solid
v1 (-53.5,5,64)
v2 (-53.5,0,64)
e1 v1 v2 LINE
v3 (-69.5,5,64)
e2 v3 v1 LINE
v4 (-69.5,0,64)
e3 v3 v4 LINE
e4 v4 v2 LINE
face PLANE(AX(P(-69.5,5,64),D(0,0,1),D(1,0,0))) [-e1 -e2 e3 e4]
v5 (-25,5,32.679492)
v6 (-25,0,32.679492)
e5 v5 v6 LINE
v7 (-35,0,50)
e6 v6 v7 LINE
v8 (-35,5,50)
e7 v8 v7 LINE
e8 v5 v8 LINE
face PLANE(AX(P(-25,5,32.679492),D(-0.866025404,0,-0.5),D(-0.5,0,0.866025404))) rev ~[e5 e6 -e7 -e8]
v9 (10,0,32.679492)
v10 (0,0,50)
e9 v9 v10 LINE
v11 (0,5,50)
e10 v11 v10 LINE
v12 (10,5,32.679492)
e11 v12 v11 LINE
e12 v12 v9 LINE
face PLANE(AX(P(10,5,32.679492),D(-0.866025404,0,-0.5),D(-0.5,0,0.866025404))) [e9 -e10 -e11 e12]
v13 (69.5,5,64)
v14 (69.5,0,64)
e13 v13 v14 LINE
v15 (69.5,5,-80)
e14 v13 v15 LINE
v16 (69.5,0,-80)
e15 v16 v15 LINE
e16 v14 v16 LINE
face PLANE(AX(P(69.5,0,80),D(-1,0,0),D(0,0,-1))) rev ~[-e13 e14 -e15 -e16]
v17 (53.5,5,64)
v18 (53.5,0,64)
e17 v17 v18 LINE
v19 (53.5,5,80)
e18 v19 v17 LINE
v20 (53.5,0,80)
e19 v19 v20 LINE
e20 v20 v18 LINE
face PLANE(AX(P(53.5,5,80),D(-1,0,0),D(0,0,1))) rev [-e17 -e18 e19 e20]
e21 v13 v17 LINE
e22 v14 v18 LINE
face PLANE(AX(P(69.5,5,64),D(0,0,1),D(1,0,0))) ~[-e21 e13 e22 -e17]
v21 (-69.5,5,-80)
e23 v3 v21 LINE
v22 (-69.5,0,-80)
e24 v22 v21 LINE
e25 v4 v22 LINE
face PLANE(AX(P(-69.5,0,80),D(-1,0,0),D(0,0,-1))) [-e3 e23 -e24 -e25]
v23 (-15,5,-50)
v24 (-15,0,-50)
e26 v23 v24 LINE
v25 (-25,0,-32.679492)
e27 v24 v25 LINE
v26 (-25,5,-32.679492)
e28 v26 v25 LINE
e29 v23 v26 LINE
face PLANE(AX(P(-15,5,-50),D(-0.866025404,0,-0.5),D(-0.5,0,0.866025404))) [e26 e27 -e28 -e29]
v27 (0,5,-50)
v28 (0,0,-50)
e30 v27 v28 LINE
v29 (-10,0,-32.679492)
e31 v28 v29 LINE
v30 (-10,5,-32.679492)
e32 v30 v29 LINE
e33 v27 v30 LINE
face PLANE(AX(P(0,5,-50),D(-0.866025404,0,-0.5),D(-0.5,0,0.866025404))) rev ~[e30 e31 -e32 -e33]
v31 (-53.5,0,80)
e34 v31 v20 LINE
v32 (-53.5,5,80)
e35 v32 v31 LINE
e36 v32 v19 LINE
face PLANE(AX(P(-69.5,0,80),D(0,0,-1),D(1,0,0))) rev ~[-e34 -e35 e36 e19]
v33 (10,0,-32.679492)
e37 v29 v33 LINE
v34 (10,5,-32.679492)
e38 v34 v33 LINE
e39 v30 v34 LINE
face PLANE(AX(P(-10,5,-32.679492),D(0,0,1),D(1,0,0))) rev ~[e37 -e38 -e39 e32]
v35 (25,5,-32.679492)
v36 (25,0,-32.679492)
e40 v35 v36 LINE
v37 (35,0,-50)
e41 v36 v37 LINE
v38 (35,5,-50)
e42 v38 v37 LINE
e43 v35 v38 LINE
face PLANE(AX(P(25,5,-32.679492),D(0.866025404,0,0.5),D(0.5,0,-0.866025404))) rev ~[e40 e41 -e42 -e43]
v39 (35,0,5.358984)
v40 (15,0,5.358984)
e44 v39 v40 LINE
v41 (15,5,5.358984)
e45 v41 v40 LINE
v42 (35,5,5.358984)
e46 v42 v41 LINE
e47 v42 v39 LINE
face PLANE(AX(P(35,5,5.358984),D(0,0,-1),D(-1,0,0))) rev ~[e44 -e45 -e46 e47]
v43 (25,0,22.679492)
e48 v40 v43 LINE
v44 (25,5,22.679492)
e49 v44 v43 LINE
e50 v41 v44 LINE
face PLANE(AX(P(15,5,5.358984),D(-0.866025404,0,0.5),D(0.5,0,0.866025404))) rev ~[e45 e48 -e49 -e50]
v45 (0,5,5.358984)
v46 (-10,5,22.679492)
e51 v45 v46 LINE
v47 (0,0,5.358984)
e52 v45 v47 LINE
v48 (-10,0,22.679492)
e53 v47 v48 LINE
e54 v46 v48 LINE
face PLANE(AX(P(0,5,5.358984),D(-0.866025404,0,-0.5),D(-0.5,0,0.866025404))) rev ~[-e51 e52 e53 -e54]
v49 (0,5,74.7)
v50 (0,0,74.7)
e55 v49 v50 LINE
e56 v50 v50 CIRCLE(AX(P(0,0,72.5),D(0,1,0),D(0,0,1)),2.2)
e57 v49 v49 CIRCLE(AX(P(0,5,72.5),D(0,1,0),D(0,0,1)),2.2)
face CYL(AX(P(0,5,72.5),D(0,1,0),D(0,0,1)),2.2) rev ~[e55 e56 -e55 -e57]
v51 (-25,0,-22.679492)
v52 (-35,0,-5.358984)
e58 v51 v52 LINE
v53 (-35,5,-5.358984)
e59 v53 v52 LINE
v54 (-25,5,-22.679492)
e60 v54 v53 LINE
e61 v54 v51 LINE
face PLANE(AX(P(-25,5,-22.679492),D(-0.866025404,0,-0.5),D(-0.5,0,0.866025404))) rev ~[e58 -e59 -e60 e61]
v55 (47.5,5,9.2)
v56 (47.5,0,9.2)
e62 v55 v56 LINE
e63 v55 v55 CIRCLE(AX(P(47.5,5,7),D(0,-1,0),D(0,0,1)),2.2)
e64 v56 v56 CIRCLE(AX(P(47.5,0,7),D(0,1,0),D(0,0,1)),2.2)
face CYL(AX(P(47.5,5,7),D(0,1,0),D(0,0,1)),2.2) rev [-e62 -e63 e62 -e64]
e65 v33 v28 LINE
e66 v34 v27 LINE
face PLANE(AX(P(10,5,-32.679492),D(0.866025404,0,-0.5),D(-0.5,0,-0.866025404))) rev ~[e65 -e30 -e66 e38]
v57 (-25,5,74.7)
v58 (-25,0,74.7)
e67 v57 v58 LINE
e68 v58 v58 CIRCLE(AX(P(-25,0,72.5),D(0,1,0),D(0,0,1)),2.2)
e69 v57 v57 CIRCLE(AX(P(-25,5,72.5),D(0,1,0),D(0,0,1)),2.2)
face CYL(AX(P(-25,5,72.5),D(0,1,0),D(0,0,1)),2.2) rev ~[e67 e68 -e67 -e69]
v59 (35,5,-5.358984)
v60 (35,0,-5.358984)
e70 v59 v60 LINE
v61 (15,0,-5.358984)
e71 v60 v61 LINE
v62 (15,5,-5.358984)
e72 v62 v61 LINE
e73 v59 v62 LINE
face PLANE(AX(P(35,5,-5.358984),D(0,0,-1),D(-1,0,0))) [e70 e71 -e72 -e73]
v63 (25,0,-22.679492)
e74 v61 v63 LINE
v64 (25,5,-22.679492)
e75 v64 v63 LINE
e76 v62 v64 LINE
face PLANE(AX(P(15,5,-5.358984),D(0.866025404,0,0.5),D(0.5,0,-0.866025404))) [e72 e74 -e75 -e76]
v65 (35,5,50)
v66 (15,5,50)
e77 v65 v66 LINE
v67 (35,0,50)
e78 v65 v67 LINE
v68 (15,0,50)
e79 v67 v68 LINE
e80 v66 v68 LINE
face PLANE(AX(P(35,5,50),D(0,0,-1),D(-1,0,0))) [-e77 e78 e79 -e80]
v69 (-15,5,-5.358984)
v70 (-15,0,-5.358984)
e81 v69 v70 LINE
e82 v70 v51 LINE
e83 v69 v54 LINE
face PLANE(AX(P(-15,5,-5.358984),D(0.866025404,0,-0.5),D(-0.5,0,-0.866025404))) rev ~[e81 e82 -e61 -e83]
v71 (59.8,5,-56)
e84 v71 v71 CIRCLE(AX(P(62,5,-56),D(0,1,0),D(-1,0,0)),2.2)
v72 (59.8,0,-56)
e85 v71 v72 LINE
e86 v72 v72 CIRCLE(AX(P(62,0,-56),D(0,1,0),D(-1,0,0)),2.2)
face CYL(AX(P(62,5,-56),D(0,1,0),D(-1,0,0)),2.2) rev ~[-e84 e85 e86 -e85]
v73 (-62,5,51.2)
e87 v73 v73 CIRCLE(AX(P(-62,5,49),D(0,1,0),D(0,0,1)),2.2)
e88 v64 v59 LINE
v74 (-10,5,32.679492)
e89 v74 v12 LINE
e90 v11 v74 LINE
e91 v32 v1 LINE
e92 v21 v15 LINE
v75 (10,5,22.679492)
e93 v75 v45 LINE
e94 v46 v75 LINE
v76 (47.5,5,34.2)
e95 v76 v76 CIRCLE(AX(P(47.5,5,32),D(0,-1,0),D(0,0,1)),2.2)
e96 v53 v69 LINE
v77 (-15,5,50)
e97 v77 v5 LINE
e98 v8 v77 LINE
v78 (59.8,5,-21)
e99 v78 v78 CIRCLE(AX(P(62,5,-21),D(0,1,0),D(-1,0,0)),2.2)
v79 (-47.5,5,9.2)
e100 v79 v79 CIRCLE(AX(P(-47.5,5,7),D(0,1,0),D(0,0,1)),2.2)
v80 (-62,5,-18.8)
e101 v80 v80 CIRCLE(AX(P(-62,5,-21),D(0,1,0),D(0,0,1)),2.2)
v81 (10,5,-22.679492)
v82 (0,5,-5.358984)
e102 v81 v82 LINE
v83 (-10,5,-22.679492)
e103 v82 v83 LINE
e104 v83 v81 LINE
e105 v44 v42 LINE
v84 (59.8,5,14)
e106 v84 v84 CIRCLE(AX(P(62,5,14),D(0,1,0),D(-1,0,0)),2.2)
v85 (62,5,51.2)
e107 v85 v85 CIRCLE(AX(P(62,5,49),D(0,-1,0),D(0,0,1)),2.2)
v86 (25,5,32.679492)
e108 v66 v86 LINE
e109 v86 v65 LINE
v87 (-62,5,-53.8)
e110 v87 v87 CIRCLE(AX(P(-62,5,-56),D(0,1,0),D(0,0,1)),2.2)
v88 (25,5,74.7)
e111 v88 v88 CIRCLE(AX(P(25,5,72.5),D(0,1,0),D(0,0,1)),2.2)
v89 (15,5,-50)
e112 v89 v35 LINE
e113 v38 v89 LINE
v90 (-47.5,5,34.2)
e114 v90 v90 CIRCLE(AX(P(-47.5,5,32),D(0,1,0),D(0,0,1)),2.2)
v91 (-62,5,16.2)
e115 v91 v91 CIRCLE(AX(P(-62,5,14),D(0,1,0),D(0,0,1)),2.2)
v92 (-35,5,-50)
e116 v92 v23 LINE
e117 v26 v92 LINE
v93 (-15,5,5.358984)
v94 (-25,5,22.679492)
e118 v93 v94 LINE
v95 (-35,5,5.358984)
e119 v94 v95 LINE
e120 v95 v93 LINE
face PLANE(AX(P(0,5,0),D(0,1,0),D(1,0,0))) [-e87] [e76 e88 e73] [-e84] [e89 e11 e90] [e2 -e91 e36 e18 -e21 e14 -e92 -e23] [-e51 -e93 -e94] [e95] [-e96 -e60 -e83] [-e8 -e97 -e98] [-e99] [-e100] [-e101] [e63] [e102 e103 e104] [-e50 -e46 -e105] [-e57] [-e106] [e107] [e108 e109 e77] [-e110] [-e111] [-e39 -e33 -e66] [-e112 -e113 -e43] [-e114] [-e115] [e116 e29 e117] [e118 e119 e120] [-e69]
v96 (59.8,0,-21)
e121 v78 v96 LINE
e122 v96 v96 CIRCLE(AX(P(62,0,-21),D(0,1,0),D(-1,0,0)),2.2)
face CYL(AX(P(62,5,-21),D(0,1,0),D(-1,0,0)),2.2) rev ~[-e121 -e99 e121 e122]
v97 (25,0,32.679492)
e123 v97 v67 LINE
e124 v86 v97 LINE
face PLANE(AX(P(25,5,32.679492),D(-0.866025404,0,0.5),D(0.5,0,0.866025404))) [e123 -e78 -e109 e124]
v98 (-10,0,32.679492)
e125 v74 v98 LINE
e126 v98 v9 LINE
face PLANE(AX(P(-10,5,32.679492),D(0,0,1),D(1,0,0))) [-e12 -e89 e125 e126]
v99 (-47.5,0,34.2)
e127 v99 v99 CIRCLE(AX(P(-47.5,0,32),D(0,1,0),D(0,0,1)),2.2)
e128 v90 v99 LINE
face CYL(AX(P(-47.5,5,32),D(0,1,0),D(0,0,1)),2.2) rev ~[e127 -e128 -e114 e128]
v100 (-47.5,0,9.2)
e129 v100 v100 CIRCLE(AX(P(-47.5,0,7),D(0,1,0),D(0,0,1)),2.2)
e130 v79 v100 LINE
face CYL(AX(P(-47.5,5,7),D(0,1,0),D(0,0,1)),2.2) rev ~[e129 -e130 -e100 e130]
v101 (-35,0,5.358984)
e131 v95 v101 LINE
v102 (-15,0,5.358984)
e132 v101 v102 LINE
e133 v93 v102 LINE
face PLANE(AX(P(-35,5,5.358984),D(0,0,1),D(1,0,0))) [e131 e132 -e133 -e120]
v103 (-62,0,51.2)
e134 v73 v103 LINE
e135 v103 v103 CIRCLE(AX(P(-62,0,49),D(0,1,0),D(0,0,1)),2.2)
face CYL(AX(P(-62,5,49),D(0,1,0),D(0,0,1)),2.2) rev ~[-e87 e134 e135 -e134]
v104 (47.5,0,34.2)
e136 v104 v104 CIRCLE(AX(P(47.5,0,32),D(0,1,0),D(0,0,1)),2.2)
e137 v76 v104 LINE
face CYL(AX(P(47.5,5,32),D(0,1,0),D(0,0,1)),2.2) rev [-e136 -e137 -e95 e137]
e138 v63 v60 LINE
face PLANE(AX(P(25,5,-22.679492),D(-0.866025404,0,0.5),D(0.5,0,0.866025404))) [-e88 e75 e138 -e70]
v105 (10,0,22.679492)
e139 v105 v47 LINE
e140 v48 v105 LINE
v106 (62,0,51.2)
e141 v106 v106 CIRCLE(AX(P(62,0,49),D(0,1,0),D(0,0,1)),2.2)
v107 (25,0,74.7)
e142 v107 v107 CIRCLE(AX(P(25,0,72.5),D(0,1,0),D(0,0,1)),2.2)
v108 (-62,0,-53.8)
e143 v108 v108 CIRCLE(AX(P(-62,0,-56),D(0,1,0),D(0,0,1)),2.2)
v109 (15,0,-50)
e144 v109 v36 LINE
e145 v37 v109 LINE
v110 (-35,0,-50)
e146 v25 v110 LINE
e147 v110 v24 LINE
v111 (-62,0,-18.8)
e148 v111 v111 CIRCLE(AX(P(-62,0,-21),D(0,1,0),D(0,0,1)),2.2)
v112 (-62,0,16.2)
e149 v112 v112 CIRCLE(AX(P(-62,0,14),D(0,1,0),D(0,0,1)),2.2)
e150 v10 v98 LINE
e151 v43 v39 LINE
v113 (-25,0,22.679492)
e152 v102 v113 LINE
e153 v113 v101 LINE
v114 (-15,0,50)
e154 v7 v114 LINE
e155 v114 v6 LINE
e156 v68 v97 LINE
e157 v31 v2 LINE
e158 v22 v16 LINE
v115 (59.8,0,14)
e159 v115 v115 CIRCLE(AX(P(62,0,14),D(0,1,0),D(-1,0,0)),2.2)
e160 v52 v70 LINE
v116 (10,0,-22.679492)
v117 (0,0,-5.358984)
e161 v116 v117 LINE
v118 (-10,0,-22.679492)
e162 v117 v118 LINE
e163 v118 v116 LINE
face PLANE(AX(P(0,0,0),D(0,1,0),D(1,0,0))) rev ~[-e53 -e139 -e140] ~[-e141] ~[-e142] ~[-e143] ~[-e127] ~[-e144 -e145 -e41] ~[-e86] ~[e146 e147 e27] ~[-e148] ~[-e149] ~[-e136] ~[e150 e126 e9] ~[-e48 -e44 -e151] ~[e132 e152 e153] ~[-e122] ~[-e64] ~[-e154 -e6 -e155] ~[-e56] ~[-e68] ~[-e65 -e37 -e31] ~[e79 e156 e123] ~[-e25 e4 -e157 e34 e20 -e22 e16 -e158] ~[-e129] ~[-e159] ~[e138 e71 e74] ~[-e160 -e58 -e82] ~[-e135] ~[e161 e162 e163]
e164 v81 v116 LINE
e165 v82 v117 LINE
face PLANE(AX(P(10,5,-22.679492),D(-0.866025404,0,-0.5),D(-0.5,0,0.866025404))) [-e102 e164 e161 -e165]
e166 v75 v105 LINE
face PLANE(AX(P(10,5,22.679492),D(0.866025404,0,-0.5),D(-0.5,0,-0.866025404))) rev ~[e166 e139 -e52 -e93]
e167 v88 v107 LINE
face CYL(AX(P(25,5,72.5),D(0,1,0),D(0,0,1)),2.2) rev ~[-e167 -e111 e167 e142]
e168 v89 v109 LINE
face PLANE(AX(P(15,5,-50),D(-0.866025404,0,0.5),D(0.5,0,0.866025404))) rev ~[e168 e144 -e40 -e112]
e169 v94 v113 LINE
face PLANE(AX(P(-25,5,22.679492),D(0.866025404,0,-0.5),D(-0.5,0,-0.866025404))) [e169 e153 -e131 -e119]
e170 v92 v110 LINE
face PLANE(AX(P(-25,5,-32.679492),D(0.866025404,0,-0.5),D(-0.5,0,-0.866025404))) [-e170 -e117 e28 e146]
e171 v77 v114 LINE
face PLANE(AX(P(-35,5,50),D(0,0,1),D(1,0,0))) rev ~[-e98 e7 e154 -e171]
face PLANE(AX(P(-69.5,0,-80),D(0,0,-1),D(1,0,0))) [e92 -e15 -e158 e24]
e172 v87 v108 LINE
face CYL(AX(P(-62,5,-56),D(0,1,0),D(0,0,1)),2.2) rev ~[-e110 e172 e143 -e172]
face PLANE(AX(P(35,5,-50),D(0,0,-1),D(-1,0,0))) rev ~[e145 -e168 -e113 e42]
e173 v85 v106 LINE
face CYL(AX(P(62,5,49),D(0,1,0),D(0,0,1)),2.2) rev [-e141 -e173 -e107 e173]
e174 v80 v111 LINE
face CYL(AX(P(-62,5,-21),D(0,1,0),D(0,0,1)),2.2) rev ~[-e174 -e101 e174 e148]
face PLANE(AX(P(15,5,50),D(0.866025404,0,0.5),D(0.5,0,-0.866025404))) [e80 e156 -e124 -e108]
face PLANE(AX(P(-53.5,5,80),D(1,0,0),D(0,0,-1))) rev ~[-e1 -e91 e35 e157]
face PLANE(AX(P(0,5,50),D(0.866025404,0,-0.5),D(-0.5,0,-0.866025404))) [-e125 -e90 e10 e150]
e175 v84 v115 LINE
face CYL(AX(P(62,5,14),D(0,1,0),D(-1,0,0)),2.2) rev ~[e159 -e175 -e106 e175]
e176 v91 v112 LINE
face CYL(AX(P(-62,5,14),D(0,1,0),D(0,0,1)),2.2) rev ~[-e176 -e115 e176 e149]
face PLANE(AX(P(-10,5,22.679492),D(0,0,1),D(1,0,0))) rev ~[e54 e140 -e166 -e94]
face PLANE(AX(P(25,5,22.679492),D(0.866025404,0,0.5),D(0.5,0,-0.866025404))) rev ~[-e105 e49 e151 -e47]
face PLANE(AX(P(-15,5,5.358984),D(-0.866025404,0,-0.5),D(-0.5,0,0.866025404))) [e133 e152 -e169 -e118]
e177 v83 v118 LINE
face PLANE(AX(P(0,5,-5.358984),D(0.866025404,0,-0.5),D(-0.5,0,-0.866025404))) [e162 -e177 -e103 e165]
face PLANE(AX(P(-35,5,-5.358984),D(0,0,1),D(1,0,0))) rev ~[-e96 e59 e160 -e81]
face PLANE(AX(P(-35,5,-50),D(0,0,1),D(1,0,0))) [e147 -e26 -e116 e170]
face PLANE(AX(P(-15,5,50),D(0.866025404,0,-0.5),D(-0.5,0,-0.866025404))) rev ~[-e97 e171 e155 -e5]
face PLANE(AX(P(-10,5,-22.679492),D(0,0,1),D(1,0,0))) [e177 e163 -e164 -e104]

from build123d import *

# Parameters (mm, degrees)
SKETCH1_W               = 139
SKETCH1_H               = 160
BOSS_EXTRUDE1_DEPTH     = 5
SKETCH2_W               = 16
SKETCH2_H               = 16
CUT_EXTRUDE1_DEPTH      = 107.090763029
SKETCH3_R               = 2.2
CUT_EXTRUDE2_DEPTH      = 107.090763029
SKETCH4_R               = 2.2
CUT_EXTRUDE3_DEPTH      = 107.090763029
LPATTERN1_COUNT         = 4
LPATTERN1_PITCH         = 35
MIRROR2_COPY_1_SKETCH_R = 2.2
MIRROR2_COPY_1_DEPTH    = 107.090763029
MIRROR2_COPY_2_SKETCH_R = 2.2
MIRROR2_COPY_2_DEPTH    = 107.090763029
MIRROR2_COPY_3_SKETCH_R = 2.2
MIRROR2_COPY_3_DEPTH    = 107.090763029
SKETCH5_R               = 2.2
CUT_EXTRUDE4_DEPTH      = 107.090763029
CUT_EXTRUDE5_DEPTH      = 107.090763029


with BuildPart() as part:
    # Sketch1 → Boss-Extrude1 (new body)
    with BuildSketch(Plane(origin=(0, 0, 0), x_dir=(1, 0, 0), z_dir=(0, 1, 0))):
        Rectangle(SKETCH1_W, SKETCH1_H)
    extrude(amount=BOSS_EXTRUDE1_DEPTH)

    # Sketch2 → Cut-Extrude1 (cut, through all)
    with BuildSketch(Plane(origin=(0, 5, 0), x_dir=(1, 0, 0), z_dir=(0, 1, 0))):
        with Locations((-61.5, -72)):
            Rectangle(SKETCH2_W, SKETCH2_H)
    cut_extrude1 = extrude(amount=-CUT_EXTRUDE1_DEPTH, mode=Mode.SUBTRACT)

    # Mirror1: Cut-Extrude1 across plane
    add(cut_extrude1.mirror(Plane(origin=(0, 0, 0), x_dir=(0, 0, 1), z_dir=(1, 0, 0))), mode=Mode.SUBTRACT)

    # Sketch3 → Cut-Extrude2 (cut, through all)
    with BuildSketch(Plane(origin=(0, 5, 0), x_dir=(1, 0, 0), z_dir=(0, 1, 0))):
        with Locations(Location((0, -72.5, 0), (0, 0, 270))):
            Circle(SKETCH3_R)
        with Locations(Location((-25, -72.5, 0), (0, 0, 270))):
            Circle(SKETCH3_R)
        with Locations(Location((25, -72.5, 0), (0, 0, 270))):
            Circle(SKETCH3_R)
    extrude(amount=-CUT_EXTRUDE2_DEPTH, mode=Mode.SUBTRACT)

    # Sketch4 → Cut-Extrude3 (cut, through all)
    with BuildSketch(Plane(origin=(0, 5, 0), x_dir=(1, 0, 0), z_dir=(0, 1, 0))):
        with Locations(Location((-62, -49, 0), (0, 0, 270))):
            Circle(SKETCH4_R)
    cut_extrude3 = extrude(amount=-CUT_EXTRUDE3_DEPTH, mode=Mode.SUBTRACT)

    # LPattern1: Cut-Extrude3 ×4
    with Locations(*[(0, 0, -i * LPATTERN1_PITCH) for i in range(1, LPATTERN1_COUNT)]):
        add(cut_extrude3, mode=Mode.SUBTRACT)

    # Mirror2: Cut-Extrude3 across plane
    add(cut_extrude3.mirror(Plane(origin=(0, 0, 0), x_dir=(0, 0, 1), z_dir=(1, 0, 0))), mode=Mode.SUBTRACT)

    # Mirror2 copy 1 sketch → Mirror2 copy 1 (cut, through all)
    with BuildSketch(Plane(origin=(0, 5, -35), x_dir=(-1, 0, 0), z_dir=(0, 1, 0))):
        with Locations((-62, 49)):
            Circle(MIRROR2_COPY_1_SKETCH_R)
    extrude(amount=-MIRROR2_COPY_1_DEPTH, mode=Mode.SUBTRACT)

    # Mirror2 copy 2 sketch → Mirror2 copy 2 (cut, through all)
    with BuildSketch(Plane(origin=(0, 5, -70), x_dir=(-1, 0, 0), z_dir=(0, 1, 0))):
        with Locations((-62, 49)):
            Circle(MIRROR2_COPY_2_SKETCH_R)
    extrude(amount=-MIRROR2_COPY_2_DEPTH, mode=Mode.SUBTRACT)

    # Mirror2 copy 3 sketch → Mirror2 copy 3 (cut, through all)
    with BuildSketch(Plane(origin=(0, 5, -105), x_dir=(-1, 0, 0), z_dir=(0, 1, 0))):
        with Locations((-62, 49)):
            Circle(MIRROR2_COPY_3_SKETCH_R)
    extrude(amount=-MIRROR2_COPY_3_DEPTH, mode=Mode.SUBTRACT)

    # Sketch5 → Cut-Extrude4 (cut, through all)
    with BuildSketch(Plane(origin=(0, 5, 0), x_dir=(1, 0, 0), z_dir=(0, 1, 0))):
        with Locations(Location((-47.5, -32, 0), (0, 0, 270))):
            Circle(SKETCH5_R)
        with Locations(Location((-47.5, -7, 0), (0, 0, 270))):
            Circle(SKETCH5_R)
    cut_extrude4 = extrude(amount=-CUT_EXTRUDE4_DEPTH, mode=Mode.SUBTRACT)

    # Mirror3: Cut-Extrude4 across plane
    add(cut_extrude4.mirror(Plane(origin=(0, 0, 0), x_dir=(0, 0, 1), z_dir=(1, 0, 0))), mode=Mode.SUBTRACT)

    # Sketch6 → Cut-Extrude5 (cut, through all)
    with BuildSketch(Plane(origin=(0, 5, 0), x_dir=(1, 0, 0), z_dir=(0, 1, 0))):
        Polygon((0, 50), (-10, 32.679491924), (10, 32.679491924), align=None)
        Polygon((15, 50), (25, 32.679491924), (35, 50), align=None)
        Polygon((-25, 32.679491924), (-35, 50), (-15, 50), align=None)
        Polygon((25, 22.679491924), (35, 5.358983849), (15, 5.358983849), align=None)
        Polygon((-10, 22.679491924), (10, 22.679491924), (0, 5.358983849), align=None)
        Polygon((-15, 5.358983849), (-25, 22.679491924), (-35, 5.358983849), align=None)
        Polygon((15, -5.358983849), (25, -22.679491924), (35, -5.358983849), align=None)
        Polygon((0, -5.358983849), (-10, -22.679491924), (10, -22.679491924), align=None)
        Polygon((-35, -5.358983849), (-15, -5.358983849), (-25, -22.679491924), align=None)
        Polygon((25, -32.679491924), (35, -50), (15, -50), align=None)
        Polygon((-10, -32.679491924), (10, -32.679491924), (0, -50), align=None)
        Polygon((-15, -50), (-25, -32.679491924), (-35, -50), align=None)
    extrude(amount=-CUT_EXTRUDE5_DEPTH, mode=Mode.SUBTRACT)


solid = part.part
